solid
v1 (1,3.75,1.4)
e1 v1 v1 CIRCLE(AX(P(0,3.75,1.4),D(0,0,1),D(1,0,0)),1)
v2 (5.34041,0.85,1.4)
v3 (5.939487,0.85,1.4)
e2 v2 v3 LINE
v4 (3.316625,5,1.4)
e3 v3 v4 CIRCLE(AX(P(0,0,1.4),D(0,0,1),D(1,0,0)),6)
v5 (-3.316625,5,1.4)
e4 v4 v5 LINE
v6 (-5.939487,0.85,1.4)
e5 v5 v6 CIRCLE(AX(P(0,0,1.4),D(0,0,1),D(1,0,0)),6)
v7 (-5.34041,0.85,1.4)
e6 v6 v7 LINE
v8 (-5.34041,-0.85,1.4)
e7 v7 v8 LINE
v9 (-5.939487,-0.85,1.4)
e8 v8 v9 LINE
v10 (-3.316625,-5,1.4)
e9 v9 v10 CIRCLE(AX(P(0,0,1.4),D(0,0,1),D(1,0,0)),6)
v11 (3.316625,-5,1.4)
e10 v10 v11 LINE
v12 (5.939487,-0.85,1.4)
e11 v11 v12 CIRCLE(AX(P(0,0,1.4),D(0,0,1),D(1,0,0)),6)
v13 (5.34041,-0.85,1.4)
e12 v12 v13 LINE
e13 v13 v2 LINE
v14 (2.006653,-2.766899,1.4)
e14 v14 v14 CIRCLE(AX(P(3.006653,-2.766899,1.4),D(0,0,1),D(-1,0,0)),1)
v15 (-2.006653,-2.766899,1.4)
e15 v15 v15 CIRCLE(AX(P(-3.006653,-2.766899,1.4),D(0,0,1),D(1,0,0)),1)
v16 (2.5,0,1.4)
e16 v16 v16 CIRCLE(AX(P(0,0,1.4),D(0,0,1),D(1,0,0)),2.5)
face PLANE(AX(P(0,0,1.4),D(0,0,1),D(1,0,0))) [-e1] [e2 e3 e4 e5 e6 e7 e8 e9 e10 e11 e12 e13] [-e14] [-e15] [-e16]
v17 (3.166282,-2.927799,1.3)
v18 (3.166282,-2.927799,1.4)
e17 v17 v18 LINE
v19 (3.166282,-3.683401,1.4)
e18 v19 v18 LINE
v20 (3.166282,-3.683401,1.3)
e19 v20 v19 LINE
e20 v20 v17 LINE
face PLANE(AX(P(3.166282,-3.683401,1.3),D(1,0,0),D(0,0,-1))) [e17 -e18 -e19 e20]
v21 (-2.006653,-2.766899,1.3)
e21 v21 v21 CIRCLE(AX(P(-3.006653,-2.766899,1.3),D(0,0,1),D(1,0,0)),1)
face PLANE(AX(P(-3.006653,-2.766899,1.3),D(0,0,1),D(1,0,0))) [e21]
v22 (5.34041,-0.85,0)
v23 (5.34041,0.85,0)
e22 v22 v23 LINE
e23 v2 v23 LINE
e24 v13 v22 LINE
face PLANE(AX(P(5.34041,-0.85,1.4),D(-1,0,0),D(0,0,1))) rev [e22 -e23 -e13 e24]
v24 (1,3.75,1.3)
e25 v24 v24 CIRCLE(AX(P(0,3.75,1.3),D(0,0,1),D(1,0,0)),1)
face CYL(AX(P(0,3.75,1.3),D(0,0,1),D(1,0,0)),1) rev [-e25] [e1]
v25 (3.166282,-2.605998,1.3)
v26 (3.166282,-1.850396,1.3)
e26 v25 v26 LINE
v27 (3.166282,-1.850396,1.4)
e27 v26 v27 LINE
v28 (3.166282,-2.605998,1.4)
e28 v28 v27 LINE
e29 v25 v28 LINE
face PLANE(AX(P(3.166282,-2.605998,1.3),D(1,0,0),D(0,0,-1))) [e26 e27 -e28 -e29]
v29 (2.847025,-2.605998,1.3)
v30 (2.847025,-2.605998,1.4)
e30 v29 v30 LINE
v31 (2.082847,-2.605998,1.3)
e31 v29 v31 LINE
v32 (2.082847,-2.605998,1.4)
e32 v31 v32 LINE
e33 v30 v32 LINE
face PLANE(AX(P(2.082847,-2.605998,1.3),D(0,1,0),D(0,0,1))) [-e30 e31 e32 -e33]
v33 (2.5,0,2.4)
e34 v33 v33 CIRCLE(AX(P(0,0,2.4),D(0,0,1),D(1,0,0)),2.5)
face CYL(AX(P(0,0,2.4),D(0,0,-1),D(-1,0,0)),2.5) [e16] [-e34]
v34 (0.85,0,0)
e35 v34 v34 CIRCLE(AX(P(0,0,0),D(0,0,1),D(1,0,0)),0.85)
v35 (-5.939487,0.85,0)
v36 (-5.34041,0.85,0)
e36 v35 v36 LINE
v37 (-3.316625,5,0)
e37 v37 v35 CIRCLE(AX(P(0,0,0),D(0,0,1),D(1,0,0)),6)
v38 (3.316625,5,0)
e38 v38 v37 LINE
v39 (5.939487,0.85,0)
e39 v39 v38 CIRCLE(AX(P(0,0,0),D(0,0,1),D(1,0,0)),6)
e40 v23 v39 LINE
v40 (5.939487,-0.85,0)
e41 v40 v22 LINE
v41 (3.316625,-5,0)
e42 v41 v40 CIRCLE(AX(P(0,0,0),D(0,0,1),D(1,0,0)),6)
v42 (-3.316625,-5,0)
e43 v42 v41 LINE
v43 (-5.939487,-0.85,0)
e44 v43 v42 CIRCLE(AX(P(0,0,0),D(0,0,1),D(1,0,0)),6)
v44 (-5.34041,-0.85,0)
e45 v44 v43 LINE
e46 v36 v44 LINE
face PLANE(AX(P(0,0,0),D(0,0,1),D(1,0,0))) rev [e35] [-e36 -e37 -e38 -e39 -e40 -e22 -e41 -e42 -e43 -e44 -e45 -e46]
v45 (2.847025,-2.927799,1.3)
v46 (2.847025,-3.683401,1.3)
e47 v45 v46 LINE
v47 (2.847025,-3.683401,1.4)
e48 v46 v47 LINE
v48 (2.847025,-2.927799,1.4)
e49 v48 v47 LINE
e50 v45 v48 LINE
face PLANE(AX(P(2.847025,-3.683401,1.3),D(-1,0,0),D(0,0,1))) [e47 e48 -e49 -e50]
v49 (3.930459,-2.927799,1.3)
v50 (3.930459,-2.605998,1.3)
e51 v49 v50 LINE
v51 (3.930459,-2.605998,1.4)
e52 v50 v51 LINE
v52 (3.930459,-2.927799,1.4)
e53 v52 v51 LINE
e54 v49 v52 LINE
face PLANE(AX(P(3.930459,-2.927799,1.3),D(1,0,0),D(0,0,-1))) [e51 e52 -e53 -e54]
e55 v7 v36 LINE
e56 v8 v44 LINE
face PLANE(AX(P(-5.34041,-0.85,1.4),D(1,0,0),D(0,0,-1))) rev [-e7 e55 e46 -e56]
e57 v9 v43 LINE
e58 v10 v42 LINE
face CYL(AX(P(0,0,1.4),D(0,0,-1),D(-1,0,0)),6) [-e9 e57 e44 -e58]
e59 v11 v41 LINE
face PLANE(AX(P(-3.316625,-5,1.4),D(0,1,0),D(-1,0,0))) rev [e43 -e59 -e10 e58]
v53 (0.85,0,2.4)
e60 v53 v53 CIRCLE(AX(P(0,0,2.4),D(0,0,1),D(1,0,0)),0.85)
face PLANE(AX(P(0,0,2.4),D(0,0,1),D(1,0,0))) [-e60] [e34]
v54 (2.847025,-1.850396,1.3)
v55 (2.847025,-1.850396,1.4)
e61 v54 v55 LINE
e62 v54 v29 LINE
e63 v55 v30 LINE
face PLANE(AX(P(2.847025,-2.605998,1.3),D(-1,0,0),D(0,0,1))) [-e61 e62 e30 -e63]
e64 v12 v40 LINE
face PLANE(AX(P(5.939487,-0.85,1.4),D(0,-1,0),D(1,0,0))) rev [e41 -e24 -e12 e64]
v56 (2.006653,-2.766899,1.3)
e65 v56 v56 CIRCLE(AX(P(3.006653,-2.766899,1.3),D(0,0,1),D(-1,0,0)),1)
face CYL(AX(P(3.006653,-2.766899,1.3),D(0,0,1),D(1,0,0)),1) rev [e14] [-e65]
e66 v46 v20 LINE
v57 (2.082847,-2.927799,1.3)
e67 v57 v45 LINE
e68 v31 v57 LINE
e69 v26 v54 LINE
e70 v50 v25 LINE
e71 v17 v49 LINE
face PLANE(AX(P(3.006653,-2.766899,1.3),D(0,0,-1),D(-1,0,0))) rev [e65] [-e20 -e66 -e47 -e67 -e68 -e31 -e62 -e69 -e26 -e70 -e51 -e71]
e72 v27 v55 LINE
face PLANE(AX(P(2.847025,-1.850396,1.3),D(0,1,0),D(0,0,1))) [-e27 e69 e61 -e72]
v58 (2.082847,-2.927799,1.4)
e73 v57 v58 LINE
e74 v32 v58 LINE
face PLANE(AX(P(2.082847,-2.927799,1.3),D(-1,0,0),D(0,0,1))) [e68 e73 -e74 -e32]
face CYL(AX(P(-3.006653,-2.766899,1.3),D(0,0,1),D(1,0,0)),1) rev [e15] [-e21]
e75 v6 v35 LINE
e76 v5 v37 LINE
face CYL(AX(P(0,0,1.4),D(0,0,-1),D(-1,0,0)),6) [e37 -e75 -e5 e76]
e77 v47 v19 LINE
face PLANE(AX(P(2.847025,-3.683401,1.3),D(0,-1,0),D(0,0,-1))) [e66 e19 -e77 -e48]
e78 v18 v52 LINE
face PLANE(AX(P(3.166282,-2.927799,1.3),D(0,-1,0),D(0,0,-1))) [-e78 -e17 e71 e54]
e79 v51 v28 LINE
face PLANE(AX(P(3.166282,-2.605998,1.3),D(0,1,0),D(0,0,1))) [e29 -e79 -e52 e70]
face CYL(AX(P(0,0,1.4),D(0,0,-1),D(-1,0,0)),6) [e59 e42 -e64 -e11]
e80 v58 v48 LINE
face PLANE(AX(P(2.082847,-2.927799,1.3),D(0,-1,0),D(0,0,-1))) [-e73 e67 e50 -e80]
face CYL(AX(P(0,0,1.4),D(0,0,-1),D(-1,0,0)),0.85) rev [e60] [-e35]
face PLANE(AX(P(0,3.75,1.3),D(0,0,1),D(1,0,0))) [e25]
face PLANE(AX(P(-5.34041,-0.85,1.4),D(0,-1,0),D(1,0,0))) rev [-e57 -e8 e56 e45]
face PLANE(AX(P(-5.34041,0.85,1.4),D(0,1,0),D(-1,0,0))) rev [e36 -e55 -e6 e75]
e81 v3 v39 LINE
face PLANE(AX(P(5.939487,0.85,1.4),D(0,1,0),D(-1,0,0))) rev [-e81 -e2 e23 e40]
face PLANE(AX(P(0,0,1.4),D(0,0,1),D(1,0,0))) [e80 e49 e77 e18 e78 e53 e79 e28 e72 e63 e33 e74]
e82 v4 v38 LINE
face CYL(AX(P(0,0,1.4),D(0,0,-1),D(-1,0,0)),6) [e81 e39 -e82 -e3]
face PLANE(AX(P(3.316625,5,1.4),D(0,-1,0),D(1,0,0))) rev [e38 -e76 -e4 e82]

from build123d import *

# Parameters (mm, degrees)
SKETCH1_R           = 0.85
BOSS_EXTRUDE1_DEPTH = 1.4
SKETCH2_R           = 2.5
SKETCH2_R_2         = 0.85
BOSS_EXTRUDE2_DEPTH = 1
SKETCH3_R           = 1
CUT_EXTRUDE1_DEPTH  = 0.1


with BuildPart() as part:
    # Sketch1 → Boss-Extrude1 (new body)
    with BuildSketch(Plane.XY):
        with BuildLine():
            Line((-5.340410415, 0.85), (-5.93948651, 0.85))
            ThreePointArc((-5.93948651, 0.85), (-5.071934946, 3.205538317), (-3.31662479, 5))
            Line((-3.31662479, 5), (3.31662479, 5))
            ThreePointArc((3.31662479, 5), (5.071934946, 3.205538317), (5.93948651, 0.85))
            Line((5.93948651, 0.85), (5.340410415, 0.85))
            Line((5.340410415, 0.85), (5.340410415, -0.85))
            Line((5.340410415, -0.85), (5.93948651, -0.85))
            ThreePointArc((5.93948651, -0.85), (5.071934946, -3.205538317), (3.31662479, -5))
            Line((3.31662479, -5), (-3.31662479, -5))
            ThreePointArc((-3.31662479, -5), (-5.071934946, -3.205538317), (-5.93948651, -0.85))
            Line((-5.93948651, -0.85), (-5.340410415, -0.85))
            Line((-5.340410415, -0.85), (-5.340410415, 0.85))
        make_face()
        Circle(SKETCH1_R, mode=Mode.SUBTRACT)
    extrude(amount=BOSS_EXTRUDE1_DEPTH)

    # Sketch2 → Boss-Extrude2 (add)
    with BuildSketch(Plane.XY.offset(1.4)):
        Circle(SKETCH2_R)
        Circle(SKETCH2_R_2, mode=Mode.SUBTRACT)
    extrude(amount=BOSS_EXTRUDE2_DEPTH)

    # Sketch3 → Cut-Extrude1 (cut)
    # profile 1 of 3: a face of its own
    with BuildSketch(Plane.XY.offset(1.4)):
        with Locations((0, 3.75)):
            Circle(SKETCH3_R)
    # profile 2 of 3: a face of its own
    with BuildSketch(Plane.XY.offset(1.4)):
        with Locations((-3.006653395, -2.766898706)):
            Circle(SKETCH3_R)
    # profile 3 of 3: a face of its own
    with BuildSketch(Plane.XY.offset(1.4)):
        with Locations(Location((3.006653395, -2.766898706, 0), (0, 0, 180))):
            Circle(SKETCH3_R)
        Polygon((3.166281654, -2.605998411), (3.930459475, -2.605998411), (3.930459475, -2.927799001), (3.166281654, -2.927799001), (3.166281654, -3.683401413), (2.847025136, -3.683401413), (2.847025136, -2.927799001), (2.082847315, -2.927799001), (2.082847315, -2.605998411), (2.847025136, -2.605998411), (2.847025136, -1.850395999), (3.166281654, -1.850395999), align=None, mode=Mode.SUBTRACT)
    extrude(amount=-CUT_EXTRUDE1_DEPTH, mode=Mode.SUBTRACT)


solid = part.part
